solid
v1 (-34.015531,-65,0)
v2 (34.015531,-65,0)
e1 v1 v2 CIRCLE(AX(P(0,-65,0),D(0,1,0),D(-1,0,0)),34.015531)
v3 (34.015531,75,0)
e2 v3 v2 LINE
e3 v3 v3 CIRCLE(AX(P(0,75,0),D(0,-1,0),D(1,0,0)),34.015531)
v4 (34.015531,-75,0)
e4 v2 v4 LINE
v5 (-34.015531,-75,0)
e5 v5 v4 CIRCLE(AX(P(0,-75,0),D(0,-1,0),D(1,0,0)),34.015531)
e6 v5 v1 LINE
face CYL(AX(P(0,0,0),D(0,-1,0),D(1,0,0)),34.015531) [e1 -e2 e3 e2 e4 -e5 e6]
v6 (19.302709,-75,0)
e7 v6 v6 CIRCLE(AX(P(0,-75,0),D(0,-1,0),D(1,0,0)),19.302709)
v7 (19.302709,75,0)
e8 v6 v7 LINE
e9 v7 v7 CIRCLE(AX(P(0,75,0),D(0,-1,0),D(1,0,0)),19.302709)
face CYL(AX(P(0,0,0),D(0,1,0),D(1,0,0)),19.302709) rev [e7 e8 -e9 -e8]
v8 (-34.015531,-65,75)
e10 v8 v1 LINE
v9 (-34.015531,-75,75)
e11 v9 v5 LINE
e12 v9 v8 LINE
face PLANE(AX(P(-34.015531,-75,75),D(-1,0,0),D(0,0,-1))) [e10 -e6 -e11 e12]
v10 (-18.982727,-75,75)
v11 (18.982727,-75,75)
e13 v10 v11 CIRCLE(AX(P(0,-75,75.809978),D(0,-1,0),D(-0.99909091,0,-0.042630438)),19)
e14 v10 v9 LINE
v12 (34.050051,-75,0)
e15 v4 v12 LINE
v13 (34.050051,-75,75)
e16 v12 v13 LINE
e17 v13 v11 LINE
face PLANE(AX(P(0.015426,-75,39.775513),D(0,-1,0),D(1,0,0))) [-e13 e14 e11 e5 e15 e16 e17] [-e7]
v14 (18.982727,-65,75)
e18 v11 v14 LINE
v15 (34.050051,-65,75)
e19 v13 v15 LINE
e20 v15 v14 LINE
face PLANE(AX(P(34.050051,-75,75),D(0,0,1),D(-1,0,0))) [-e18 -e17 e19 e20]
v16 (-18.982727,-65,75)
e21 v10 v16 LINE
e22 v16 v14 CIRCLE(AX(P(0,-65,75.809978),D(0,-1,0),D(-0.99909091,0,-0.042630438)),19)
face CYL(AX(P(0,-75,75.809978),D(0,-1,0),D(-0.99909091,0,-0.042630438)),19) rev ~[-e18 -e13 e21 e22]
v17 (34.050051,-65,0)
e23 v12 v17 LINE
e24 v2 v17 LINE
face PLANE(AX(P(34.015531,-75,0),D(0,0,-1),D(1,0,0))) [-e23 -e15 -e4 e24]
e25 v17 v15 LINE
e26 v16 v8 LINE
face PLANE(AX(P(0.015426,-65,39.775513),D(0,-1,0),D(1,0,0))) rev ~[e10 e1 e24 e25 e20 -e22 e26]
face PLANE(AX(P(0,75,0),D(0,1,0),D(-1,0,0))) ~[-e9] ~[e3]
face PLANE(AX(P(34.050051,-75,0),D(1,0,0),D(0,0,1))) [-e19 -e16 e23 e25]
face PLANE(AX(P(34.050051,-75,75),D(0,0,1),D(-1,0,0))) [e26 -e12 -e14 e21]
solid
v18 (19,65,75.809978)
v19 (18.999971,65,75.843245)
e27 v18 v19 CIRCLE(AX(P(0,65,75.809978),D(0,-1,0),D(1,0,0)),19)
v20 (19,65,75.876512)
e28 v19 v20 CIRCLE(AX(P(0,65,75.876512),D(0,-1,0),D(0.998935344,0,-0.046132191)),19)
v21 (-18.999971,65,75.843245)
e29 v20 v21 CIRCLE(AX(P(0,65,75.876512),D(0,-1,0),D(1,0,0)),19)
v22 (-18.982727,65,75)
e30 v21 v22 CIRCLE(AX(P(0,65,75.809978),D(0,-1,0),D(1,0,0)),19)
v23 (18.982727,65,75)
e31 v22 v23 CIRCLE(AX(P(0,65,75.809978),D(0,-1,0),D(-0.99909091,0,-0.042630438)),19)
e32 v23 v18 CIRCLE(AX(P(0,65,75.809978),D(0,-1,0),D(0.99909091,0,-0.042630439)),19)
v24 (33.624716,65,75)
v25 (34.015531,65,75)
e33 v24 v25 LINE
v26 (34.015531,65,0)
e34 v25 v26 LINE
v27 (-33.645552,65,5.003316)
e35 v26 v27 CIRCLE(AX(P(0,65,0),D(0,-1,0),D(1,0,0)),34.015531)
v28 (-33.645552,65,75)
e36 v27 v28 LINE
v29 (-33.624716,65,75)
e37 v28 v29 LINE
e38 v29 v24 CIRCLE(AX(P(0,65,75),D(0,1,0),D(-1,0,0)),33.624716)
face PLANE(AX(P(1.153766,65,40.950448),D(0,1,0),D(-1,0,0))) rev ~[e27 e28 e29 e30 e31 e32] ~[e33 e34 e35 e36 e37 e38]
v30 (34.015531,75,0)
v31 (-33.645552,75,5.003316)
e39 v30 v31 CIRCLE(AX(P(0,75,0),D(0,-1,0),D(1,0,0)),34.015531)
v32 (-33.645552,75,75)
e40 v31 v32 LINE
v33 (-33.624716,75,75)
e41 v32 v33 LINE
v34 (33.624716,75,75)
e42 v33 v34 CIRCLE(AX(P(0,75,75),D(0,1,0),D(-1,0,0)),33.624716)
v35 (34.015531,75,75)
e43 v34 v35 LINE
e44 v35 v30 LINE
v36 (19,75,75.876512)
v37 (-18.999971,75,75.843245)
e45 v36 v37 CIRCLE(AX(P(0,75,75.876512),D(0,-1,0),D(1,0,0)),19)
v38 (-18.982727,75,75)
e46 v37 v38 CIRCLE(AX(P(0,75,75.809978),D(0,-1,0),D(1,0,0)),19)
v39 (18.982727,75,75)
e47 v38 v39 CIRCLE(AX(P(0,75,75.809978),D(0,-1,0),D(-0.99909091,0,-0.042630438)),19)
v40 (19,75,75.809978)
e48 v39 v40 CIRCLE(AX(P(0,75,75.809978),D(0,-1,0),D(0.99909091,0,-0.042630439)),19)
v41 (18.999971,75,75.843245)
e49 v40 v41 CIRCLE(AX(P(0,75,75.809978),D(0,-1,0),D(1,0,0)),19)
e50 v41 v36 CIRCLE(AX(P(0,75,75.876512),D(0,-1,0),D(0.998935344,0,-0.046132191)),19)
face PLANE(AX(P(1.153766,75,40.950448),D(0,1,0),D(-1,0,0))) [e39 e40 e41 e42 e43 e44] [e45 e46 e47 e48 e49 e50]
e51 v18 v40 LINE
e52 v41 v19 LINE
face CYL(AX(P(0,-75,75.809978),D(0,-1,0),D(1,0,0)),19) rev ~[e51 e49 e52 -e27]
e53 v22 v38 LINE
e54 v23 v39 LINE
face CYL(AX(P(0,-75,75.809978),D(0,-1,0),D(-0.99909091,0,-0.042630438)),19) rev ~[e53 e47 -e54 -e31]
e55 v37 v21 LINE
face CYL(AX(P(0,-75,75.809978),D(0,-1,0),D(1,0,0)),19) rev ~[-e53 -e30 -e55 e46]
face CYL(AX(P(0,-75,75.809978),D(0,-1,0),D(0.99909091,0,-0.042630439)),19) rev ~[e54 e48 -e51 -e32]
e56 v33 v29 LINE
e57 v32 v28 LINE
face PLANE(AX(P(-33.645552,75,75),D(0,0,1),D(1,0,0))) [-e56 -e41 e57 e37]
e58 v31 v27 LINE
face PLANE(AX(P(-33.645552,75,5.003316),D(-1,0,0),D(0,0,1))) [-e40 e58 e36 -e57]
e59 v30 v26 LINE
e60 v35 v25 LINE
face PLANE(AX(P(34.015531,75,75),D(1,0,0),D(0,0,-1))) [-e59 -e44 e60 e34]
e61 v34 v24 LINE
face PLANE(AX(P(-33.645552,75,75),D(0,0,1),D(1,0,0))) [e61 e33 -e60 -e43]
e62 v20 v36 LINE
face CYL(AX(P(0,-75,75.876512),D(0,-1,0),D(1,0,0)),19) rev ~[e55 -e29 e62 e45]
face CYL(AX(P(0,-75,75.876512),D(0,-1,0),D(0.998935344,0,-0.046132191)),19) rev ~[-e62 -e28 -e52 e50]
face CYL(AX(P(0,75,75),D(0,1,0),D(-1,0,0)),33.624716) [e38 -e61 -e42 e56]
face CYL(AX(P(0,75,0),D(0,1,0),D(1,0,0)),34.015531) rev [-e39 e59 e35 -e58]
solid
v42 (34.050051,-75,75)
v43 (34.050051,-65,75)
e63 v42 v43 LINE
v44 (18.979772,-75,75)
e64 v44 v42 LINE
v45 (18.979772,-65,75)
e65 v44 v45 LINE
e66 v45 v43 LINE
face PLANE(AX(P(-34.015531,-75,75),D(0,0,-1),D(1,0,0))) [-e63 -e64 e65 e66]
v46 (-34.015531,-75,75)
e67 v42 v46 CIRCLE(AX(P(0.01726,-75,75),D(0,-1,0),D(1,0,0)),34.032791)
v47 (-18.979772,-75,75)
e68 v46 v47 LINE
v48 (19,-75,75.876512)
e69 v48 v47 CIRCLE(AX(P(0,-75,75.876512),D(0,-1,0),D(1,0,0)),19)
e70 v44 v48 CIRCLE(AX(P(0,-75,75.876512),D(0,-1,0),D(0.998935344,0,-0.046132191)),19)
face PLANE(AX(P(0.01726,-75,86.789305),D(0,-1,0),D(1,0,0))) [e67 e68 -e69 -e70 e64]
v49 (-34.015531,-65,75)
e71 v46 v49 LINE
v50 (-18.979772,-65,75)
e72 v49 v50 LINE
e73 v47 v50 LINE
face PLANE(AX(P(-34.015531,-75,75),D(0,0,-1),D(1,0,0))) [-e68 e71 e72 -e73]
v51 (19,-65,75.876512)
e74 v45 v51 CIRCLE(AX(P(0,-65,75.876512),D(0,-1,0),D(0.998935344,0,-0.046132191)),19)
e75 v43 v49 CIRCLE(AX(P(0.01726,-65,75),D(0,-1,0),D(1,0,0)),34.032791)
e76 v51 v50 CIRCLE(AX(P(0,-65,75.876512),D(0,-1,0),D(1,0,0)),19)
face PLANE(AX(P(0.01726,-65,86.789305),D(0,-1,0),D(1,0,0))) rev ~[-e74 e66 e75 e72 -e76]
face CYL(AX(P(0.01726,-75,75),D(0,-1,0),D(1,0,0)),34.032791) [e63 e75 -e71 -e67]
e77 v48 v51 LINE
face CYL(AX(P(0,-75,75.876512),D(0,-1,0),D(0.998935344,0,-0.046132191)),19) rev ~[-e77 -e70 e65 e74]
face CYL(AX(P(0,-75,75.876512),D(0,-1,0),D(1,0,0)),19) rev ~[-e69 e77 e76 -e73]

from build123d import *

# Parameters (mm, degrees)
F0_R      = 34.0155305384
F0_R_2    = 19.302709337
F1_DEPTH  = 75
F4_DEPTH  = 10
F6_DEPTH  = 10
F8_DEPTH  = 10
F10_DEPTH = 10
F13_DEPTH = 150
F15_DEPTH = 150


with BuildPart() as f1:
    # F0 (on Front) → F1 (new body)
    with BuildSketch(Plane.XZ):
        Circle(F0_R)
        Circle(F0_R_2, mode=Mode.SUBTRACT)
    extrude(amount=F1_DEPTH)

    # F2: F1 across face


with BuildPart() as f1_1:
    add(f1.part)
    add(f1.part.mirror(Plane(origin=(0, 0, 0), x_dir=(1, 0, 0), z_dir=(0, 1, 0))))

    # F3 (on face) → F4 (join)
    with BuildSketch(Plane.XZ.offset(75)):
        with BuildLine():
            ThreePointArc((-34.0155305384, 0), (0, 34.0155305384), (34.0155305384, 0))
            Line((34.0155305384, 0), (34.0500511229, 0))
            Line((34.0500511229, 0), (34.0500511229, 75))
            Line((34.0500511229, 75), (-34.0155305384, 75))
            Line((-34.0155305384, 75), (-34.0155305384, 0))
        make_face()
    extrude(amount=-F4_DEPTH)


with BuildPart() as f6:
    # F5 (on face) → F6 (new body)
    with BuildSketch(Plane(origin=(0, 75, 0), x_dir=(-1, 0, 0), z_dir=(0, 1, 0))):
        with BuildLine():
            ThreePointArc((-34.0155305384, 0), (-2.5084884013, 33.9229097182), (33.6455516517, 5.0033160864))
            Line((33.6455516517, 5.0033160864), (33.6455516517, 75))
            Line((33.6455516517, 75), (-34.0155305384, 75))
            Line((-34.0155305384, 75), (-34.0155305384, 0))
        make_face()
    extrude(amount=-F6_DEPTH)

    # F9 (on face) → F10 (join)
    with BuildSketch(Plane(origin=(0, 75, 0), x_dir=(-1, 0, 0), z_dir=(0, 1, 0))):
        with BuildLine():
            Line((-33.6247164241, 75), (33.6247164241, 75))
            ThreePointArc((33.6247164241, 75), (0, 108.6247164241), (-33.6247164241, 75))
        make_face()
    extrude(amount=-F10_DEPTH)


with BuildPart() as f8:
    # F7 (on face) → F8 (new body)
    with BuildSketch(Plane.XZ.offset(75)):
        with BuildLine():
            Line((-34.0155305384, 75), (34.0500511229, 75))
            ThreePointArc((34.0500511229, 75), (0.0172602923, 109.0327908307), (-34.0155305384, 75))
        make_face()
    extrude(amount=-F8_DEPTH)


with BuildPart() as f13_tool:
    # F12 (on face) → F13 (new body)
    with BuildSketch(Plane.XZ.offset(75)):
        with BuildLine():
            ThreePointArc((18.9827272831, 75), (18.99568133, 75.4048970909), (19, 75.8099783304))
            ThreePointArc((19, 75.8099783304), (-0.4050812395, 94.8056596604), (-18.9827272831, 75))
            Line((-18.9827272831, 75), (18.9827272831, 75))
        make_face()
        with BuildLine():
            Line((18.9827272831, 75), (-18.9827272831, 75))
            ThreePointArc((-18.9827272831, 75), (0, 56.8099783304), (18.9827272831, 75))
        make_face()
    extrude(amount=-F13_DEPTH)


with BuildPart() as f1_2:
    add(f1_1.part)

    # F13: cut by f13_tool
    add(f13_tool.part, mode=Mode.SUBTRACT)


with BuildPart() as f6_1:
    add(f6.part)

    # F13: cut by f13_tool
    add(f13_tool.part, mode=Mode.SUBTRACT)


with BuildPart() as f15_tool:
    # F14 (on face) → F15 (new body)
    with BuildSketch(Plane.XZ.offset(75)):
        with BuildLine():
            ThreePointArc((18.9797715307, 75), (18.9949422095, 75.4381391222), (19, 75.8765116334))
            ThreePointArc((19, 75.8765116334), (-0.4383725112, 94.8714538429), (-18.9797715307, 75))
            Line((-18.9797715307, 75), (18.9797715307, 75))
        make_face()
    extrude(amount=-F15_DEPTH)


with BuildPart() as f6_2:
    add(f6_1.part)

    # F15: cut by f15_tool
    add(f15_tool.part, mode=Mode.SUBTRACT)


with BuildPart() as f8_1:
    add(f8.part)

    # F15: cut by f15_tool
    add(f15_tool.part, mode=Mode.SUBTRACT)


solid = Compound([f1_2.part, f6_2.part, f8_1.part])
